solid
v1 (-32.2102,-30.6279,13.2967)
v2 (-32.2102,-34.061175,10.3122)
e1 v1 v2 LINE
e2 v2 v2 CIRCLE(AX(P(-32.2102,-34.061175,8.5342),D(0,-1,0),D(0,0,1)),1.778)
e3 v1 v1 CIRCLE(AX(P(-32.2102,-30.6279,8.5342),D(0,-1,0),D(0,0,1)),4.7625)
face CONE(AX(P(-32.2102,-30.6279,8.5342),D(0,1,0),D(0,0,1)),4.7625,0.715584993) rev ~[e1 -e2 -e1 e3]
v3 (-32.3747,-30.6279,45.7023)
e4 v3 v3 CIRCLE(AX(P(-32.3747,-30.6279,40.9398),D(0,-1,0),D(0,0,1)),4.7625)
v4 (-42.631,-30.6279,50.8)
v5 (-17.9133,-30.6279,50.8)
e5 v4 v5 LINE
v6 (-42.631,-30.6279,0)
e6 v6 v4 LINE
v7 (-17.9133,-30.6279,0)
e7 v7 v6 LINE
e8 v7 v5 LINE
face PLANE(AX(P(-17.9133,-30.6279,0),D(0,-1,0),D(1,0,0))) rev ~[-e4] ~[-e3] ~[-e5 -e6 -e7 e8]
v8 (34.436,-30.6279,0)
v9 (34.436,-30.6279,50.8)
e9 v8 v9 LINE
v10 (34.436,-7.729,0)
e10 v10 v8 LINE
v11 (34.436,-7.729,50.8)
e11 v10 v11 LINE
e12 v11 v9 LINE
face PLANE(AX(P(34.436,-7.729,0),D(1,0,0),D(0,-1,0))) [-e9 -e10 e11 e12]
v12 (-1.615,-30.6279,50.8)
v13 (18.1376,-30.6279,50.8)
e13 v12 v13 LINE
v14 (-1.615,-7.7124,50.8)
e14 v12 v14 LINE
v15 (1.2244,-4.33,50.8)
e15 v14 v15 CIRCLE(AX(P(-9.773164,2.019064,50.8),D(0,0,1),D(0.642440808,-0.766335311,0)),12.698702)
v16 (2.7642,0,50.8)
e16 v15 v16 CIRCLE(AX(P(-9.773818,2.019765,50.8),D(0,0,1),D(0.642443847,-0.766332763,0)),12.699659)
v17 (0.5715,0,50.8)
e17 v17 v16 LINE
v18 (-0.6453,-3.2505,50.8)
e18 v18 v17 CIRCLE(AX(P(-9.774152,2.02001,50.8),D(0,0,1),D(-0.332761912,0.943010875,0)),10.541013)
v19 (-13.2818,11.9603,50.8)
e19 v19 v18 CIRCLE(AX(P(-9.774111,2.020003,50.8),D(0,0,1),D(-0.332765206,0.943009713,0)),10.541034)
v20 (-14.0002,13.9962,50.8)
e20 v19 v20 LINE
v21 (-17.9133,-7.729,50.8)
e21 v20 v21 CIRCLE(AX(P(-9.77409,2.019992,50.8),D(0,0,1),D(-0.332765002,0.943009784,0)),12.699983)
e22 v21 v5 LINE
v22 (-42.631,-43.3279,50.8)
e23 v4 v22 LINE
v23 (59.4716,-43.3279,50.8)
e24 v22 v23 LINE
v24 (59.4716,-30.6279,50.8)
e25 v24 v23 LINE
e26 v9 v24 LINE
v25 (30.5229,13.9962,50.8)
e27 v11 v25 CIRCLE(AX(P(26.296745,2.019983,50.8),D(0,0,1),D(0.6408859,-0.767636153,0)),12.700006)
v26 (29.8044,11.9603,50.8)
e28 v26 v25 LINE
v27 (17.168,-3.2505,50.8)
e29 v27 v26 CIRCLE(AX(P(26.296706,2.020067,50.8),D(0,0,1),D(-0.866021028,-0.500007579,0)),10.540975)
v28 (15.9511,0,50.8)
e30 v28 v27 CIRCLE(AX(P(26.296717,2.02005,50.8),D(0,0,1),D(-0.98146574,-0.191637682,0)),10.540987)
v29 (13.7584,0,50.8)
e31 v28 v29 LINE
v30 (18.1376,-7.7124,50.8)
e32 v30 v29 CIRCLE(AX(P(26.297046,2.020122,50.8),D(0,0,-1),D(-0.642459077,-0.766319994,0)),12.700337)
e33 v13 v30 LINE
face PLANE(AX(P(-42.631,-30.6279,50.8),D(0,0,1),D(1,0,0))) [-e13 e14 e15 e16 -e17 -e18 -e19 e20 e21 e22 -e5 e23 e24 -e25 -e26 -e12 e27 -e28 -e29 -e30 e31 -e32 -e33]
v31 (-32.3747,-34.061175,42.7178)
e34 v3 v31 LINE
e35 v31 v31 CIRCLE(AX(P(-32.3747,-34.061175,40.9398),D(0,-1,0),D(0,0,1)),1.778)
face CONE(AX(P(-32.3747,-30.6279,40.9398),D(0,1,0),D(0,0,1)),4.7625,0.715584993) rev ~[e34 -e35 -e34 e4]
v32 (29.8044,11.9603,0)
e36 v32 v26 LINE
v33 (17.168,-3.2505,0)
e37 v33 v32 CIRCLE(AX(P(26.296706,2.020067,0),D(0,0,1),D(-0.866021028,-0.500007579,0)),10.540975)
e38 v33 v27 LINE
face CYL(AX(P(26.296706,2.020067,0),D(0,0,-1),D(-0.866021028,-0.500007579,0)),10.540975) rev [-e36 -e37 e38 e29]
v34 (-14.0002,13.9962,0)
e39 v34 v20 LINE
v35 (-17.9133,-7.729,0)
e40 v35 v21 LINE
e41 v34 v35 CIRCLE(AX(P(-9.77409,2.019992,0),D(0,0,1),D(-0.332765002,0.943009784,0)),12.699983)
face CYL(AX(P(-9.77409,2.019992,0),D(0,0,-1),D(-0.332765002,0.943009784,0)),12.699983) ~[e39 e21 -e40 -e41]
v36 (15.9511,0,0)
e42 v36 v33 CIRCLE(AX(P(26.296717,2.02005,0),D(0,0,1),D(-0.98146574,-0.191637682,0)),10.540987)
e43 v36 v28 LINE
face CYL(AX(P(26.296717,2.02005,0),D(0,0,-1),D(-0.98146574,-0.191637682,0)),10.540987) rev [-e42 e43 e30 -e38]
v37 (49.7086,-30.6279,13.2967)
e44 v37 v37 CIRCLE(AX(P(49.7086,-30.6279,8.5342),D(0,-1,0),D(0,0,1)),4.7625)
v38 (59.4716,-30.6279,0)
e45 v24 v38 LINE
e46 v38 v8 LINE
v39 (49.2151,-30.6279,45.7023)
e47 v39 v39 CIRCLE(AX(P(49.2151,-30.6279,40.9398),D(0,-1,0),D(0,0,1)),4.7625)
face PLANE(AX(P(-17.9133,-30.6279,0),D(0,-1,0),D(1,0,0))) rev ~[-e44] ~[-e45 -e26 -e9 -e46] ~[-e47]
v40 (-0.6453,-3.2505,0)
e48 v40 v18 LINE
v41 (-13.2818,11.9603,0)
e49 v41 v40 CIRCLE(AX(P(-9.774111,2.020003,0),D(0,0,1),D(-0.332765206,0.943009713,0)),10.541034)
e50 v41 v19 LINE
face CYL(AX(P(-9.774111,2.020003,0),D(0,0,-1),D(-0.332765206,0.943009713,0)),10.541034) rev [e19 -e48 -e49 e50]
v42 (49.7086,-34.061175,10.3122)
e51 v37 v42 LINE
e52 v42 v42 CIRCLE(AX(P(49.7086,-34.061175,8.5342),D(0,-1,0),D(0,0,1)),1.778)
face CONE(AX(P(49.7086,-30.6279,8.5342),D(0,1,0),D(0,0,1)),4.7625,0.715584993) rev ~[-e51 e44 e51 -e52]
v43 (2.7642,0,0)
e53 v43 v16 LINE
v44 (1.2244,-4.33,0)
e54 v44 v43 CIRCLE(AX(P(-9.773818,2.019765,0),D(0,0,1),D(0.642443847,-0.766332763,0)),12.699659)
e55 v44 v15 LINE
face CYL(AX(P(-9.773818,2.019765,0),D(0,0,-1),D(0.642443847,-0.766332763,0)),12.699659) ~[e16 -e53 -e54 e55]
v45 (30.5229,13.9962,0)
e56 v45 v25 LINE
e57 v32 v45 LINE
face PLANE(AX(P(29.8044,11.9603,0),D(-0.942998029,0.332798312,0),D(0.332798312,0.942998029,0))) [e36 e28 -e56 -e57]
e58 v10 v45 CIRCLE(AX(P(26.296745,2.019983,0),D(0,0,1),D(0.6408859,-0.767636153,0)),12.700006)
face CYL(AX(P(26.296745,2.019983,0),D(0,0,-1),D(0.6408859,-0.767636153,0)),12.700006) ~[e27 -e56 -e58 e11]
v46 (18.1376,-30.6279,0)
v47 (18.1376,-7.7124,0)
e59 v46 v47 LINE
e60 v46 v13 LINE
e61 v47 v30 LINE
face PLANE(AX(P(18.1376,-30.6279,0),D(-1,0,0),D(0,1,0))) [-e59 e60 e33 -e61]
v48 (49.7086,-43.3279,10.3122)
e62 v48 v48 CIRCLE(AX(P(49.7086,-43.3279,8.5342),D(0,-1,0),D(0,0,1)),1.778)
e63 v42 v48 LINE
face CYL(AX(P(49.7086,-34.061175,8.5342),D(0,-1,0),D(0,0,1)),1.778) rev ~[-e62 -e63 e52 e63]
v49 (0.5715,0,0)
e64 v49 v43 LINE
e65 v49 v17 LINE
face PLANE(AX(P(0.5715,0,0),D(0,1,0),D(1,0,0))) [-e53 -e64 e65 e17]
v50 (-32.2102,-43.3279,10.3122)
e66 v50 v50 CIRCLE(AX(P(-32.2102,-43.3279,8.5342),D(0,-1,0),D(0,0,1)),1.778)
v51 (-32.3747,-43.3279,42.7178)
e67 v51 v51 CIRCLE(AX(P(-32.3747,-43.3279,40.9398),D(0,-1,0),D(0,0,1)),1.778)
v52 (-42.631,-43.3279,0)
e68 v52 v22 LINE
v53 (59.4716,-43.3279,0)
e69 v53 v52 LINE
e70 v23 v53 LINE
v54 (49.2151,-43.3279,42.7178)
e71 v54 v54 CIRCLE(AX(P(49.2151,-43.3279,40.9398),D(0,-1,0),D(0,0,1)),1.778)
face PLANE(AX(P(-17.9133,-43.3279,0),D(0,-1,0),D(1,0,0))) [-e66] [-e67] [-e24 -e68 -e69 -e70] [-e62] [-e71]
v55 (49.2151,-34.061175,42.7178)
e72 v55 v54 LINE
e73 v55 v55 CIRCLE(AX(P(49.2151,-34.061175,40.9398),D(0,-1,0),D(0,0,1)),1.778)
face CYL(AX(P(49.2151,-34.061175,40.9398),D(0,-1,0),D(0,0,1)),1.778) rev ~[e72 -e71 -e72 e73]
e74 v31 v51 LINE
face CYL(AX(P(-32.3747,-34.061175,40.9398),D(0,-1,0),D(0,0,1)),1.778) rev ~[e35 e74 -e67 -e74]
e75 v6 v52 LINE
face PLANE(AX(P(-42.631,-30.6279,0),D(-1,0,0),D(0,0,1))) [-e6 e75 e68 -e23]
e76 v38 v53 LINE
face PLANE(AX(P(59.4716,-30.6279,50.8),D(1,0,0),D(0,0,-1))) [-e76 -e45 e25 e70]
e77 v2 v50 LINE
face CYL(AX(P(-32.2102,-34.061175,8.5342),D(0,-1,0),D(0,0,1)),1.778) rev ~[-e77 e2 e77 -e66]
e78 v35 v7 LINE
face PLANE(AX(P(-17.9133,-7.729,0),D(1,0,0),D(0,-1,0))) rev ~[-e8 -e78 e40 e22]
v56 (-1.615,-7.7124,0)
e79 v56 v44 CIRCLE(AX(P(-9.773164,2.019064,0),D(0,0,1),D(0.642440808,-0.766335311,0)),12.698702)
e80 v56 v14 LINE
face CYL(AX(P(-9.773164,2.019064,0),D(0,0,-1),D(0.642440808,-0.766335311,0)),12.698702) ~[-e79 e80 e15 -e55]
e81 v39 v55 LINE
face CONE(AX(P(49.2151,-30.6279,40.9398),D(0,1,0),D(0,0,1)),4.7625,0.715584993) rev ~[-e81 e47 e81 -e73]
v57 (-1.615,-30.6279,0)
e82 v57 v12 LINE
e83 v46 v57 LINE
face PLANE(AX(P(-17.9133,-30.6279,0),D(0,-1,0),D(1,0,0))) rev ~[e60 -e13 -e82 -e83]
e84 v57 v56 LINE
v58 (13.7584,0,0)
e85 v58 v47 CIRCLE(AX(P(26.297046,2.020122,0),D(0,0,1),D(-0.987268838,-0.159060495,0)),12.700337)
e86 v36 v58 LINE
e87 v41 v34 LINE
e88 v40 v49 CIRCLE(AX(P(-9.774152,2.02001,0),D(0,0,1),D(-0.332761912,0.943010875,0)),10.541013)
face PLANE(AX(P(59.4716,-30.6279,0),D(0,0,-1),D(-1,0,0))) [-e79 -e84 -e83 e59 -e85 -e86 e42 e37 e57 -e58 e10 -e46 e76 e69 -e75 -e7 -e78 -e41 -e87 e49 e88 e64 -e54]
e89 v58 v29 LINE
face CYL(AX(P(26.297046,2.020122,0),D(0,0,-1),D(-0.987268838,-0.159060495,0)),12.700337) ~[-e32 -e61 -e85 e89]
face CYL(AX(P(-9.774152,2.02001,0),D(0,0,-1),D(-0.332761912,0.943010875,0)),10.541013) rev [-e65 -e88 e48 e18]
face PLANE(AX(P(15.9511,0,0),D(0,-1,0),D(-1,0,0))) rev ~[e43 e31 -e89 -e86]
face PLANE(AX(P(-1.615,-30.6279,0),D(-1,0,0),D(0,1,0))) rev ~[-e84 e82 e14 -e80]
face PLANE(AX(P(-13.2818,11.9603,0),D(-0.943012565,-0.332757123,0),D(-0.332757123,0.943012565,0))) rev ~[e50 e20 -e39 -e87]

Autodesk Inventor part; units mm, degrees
ref_plane "YZ Plane" through (0, 0, 0) normal (1, 0, 0) x (0, 1, 0)
ref_plane "XZ Plane" through (0, 0, 0) normal (0, 1, 0) x (-1, 0, 0)
ref_plane "XY Plane" through (0, 0, 0) normal (0, 0, 1) x (1, 0, 0)
sketch "Sketch1" plane through (0, 0, 0) normal (0, 0, 1) x (1, 0, 0)
  arc A0 (-13.2818, 11.9603) -> (-0.6453, -3.2505) centre (-9.7741, 2.02) ccw
  line L0 (-9.7741, 2.02) -> (-0.6453, 7.2905) construction
  line L1 (-9.7741, 2.02) -> (0.7669, 2.02) construction
  line L2 (-9.7741, 2.02) -> (-0.6453, -3.2505) construction
  line L3 (-9.7741, 2.02) -> (0.7669, 2.02) construction
  line L4 (8.2613, 16.5876) -> (8.2613, -12.065) construction
  line L5 (-13.2818, 11.9603) -> (-14.0002, 13.9962)
  arc A1 (-13.2818, 11.9603) -> (0.5715, 0) centre (-9.7741, 2.02) ccw
  line L6 (0.5715, 0) -> (2.7642, 0)
  arc A2 (17.168, -3.2505) -> (29.8044, 11.9603) centre (26.2967, 2.02) ccw
  line L7 (29.8044, 11.9603) -> (30.5229, 13.9962)
  arc A3 (15.9511, 0) -> (29.8044, 11.9603) centre (26.2967, 2.02) ccw
  line L8 (15.9511, 0) -> (13.7584, 0)
  line L9 (-17.9133, -7.729) -> (-17.9133, -30.6279)
  line L10 (-17.9133, -30.6279) -> (-1.615, -30.6279)
  line L11 (-1.615, -30.6279) -> (-1.615, -7.7124)
  line L12 (34.436, -7.729) -> (34.436, -30.6279)
  line L13 (34.436, -30.6279) -> (18.1376, -30.6279)
  line L14 (18.1376, -30.6279) -> (18.1376, -7.7124)
  arc A4 (13.7584, 0) -> (18.1376, -7.7124) centre (26.2967, 2.02) ccw
  arc A5 (34.436, -7.729) -> (30.5229, 13.9962) centre (26.2967, 2.02) ccw
  arc A6 (15.2982, -4.33) -> (18.1376, -7.7124) centre (26.2967, 2.02) ccw
  arc A7 (34.436, -7.729) -> (30.5229, 13.9962) centre (26.2967, 2.02) ccw
  arc A8 (-14.0002, 13.9962) -> (-17.9133, -7.729) centre (-9.7741, 2.02) ccw
  arc A9 (-1.615, -7.7124) -> (1.2244, -4.33) centre (-9.7741, 2.02) ccw
  arc A10 (-14.0002, 13.9962) -> (-17.9133, -7.729) centre (-9.7741, 2.02) ccw
  arc A11 (-1.615, -7.7124) -> (2.7642, 0) centre (-9.7741, 2.02) ccw
  point P0 (0, 0)
  dimension "d0" = 21.082
  dimension "d2" = 30
  dimension "d3" = 30
extrude "Extrusion1" add sketch "Sketch1" along normal blind 50.8
sketch "Sketch2" plane through (-17.9133, -30.6279, 0) normal (0, -1, 0) x (1, 0, 0)
  line L0 (-24.7177, 50.8) -> (77.3849, 50.8)
  line L1 (77.3849, 50.8) -> (77.3849, 0)
  line L2 (77.3849, 0) -> (-24.7177, 0)
  line L3 (-24.7177, 0) -> (-24.7177, 50.8)
  point P0 (17.9133, 0)
extrude "Extrusion2" add sketch "Sketch2" along normal blind 12.7
sketch "Sketch3" plane through (-17.9133, -30.6279, 0) normal (0, 1, 0) x (1, 0, 0)
  point P0 (17.9133, 0)
sketch "Sketch4" plane through (-17.9133, -30.6279, 0) normal (0, 1, 0) x (1, 0, 0)
  point P0 (17.9133, 0)
hole "Hole1" at (49.2151, -30.6279, 40.9398) direction (0, -1, 0) diameter 3.556 end through all countersink diameter 9.525 countersink angle 82
hole "Hole2" at (49.7086, -30.6279, 8.5342) direction (0, -1, 0) diameter 3.556 end through all countersink diameter 9.525 countersink angle 82
hole "Hole3" at (-32.3747, -30.6279, 40.9398) direction (0, -1, 0) diameter 3.556 end through all countersink diameter 9.525 countersink angle 82
hole "Hole4" at (-32.2102, -30.6279, 8.5342) direction (0, -1, 0) diameter 3.556 end through all countersink diameter 9.525 countersink angle 82
thread "Thread1" size "6-32 UNC" class "2B" standard "ANSI Unified Screw Threads" full length
thread "Thread2" size "6-32 UNC" class "2B" standard "ANSI Unified Screw Threads" full length
thread "Thread3" size "8-32 UNC" class "2B" standard "ANSI Unified Screw Threads" full length
thread "Thread4" size "6-32 UNC" class "2B" standard "ANSI Unified Screw Threads" full length
thread "Thread5" size "6-32 UNC" class "2B" standard "ANSI Unified Screw Threads" full length
thread "Thread6" size "6-32 UNC" class "2B" standard "ANSI Unified Screw Threads" full length
